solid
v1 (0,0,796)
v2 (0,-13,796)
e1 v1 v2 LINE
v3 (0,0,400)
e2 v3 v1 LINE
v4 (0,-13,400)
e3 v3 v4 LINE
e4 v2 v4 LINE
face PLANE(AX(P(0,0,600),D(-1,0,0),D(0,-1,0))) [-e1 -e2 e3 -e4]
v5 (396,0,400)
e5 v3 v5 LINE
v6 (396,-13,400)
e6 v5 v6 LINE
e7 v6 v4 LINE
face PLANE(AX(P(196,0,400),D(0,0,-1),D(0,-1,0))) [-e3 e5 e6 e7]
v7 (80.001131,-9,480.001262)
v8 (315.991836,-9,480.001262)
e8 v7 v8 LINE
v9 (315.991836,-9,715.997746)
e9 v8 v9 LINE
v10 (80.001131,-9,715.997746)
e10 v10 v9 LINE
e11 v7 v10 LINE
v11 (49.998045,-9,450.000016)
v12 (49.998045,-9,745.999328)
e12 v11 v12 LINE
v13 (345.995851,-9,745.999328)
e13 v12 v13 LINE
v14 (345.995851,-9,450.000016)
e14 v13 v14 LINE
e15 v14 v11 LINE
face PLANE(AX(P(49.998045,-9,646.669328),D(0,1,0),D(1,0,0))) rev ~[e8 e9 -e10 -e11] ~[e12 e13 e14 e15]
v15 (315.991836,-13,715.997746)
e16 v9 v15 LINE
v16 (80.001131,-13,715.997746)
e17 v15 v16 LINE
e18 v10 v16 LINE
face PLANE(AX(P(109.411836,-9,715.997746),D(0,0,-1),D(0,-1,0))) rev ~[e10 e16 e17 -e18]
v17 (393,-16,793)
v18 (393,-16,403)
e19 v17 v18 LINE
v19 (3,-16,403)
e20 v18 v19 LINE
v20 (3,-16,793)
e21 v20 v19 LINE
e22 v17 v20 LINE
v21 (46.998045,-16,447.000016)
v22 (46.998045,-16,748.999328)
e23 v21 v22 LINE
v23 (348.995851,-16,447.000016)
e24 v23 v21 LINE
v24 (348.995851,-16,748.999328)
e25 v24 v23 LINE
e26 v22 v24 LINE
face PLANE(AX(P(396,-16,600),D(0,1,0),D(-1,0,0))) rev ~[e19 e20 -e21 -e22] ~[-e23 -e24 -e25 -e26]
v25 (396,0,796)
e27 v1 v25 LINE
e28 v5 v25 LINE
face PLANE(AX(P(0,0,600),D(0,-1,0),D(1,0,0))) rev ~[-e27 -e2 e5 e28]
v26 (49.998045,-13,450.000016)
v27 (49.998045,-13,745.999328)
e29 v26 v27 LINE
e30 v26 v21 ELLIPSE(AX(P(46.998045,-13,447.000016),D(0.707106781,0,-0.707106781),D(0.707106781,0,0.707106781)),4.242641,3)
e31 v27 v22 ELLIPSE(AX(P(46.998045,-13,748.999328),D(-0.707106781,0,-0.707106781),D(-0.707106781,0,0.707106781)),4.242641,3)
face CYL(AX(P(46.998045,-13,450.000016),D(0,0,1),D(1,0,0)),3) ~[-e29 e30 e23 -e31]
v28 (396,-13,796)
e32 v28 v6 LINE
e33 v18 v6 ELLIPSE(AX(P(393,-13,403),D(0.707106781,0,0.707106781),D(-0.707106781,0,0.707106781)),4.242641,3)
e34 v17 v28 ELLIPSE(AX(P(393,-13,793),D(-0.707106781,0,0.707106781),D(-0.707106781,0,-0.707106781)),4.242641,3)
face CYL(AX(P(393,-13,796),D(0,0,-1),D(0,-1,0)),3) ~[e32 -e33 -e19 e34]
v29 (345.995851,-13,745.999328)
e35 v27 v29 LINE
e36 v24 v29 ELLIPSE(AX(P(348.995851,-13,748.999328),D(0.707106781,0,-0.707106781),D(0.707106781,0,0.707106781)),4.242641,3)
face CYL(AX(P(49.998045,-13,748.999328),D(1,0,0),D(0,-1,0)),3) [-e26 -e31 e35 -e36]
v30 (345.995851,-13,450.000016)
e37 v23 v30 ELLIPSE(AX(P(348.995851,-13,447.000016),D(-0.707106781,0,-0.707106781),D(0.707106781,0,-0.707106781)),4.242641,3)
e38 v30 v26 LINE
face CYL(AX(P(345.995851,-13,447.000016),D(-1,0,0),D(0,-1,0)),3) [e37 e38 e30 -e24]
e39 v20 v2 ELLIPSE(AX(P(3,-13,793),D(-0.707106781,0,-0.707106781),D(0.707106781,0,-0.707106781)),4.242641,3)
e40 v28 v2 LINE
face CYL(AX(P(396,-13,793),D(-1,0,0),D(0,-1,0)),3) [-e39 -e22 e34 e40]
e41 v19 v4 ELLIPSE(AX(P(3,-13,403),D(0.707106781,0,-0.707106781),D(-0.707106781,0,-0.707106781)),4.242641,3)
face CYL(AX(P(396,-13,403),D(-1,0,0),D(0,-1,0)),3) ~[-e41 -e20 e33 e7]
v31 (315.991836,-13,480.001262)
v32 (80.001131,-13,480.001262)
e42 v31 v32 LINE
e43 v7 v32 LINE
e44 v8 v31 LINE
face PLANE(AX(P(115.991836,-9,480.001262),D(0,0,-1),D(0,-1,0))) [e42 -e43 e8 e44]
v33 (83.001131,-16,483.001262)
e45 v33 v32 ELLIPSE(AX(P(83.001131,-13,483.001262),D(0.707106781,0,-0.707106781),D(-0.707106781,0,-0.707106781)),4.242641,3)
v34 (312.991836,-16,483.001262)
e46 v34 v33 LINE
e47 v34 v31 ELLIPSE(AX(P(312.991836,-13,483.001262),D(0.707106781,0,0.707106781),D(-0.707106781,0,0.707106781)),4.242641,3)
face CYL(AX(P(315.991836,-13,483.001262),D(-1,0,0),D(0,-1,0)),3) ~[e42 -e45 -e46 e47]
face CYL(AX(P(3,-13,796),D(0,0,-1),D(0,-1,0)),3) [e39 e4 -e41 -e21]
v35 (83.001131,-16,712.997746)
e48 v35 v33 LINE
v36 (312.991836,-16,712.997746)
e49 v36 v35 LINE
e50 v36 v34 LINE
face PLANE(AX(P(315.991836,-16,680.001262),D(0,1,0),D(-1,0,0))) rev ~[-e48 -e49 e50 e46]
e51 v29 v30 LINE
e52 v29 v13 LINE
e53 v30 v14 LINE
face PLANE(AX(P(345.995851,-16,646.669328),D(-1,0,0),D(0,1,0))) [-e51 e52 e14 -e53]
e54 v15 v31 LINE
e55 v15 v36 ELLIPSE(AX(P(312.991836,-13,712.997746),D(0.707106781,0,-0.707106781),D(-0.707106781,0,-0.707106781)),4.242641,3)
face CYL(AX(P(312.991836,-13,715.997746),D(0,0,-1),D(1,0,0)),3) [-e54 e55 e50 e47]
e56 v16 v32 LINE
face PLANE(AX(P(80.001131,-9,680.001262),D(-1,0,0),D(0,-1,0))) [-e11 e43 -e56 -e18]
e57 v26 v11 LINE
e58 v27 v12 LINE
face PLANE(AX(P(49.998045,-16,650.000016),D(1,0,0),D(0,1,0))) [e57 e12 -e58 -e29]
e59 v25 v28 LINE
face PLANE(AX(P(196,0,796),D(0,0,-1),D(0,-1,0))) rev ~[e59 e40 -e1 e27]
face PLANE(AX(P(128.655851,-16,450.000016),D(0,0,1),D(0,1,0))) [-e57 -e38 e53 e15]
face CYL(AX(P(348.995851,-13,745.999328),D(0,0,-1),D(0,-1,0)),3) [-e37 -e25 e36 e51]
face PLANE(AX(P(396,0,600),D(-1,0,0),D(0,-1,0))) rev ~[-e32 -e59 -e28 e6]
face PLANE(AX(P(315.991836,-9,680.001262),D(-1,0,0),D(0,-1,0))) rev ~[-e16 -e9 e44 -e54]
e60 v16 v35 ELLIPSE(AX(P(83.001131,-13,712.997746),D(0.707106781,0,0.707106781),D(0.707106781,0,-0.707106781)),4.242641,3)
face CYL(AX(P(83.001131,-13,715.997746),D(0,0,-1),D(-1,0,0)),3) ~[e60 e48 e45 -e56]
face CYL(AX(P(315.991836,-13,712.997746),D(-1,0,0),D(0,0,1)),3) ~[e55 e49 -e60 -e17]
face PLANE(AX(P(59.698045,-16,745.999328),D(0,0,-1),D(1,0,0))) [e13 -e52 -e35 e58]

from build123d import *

# Parameters (mm, degrees)
F0_W      = 44.656470418
F0_H      = 33.8078811765
F1_DEPTH  = 16
F2_DEPTH  = 796
F3_DEPTH  = 196
F4_W      = 68.9578056335
F4_H      = 493.6993122101
F5_DEPTH  = 7
F6_DEPTH  = 9.7
F7_DEPTH  = 99.33
F8_DEPTH  = 99.33
F9_DEPTH  = 17.34
F10_DEPTH = 102.97
F11_W     = 35.2807044983
F11_H     = 492.0964837074
F12_DEPTH = 7
F13_DEPTH = 37.27
F14_DEPTH = 6.58
F15_DEPTH = 106.63
F16_DEPTH = 5.87
F17_DEPTH = 200
F18_DEPTH = 200
F19_DEPTH = 200
F20_DEPTH = 600
F21_DEPTH = 600
F22_DEPTH = 600
F23_DEPTH = 200
F24_DEPTH = 200
F25_DEPTH = 200
F26_R     = 3


with BuildPart() as f1:
    # F0 (on Front) → F1 (new body)
    with BuildSketch(Plane.XZ):
        with Locations((22.328235209, 16.9039405882)):
            Rectangle(F0_W, F0_H)
    extrude(amount=F1_DEPTH)

    # F2 (add): a face of the model
    f2_faces = [f1.faces().sort_by_distance(p)[0] for p in [
        (22.328235209, -8, 0),
    ]]
    extrude(f2_faces, amount=-F2_DEPTH)

    # F3 (add): a face of the model
    f3_faces = [f1.faces().sort_by_distance(p)[0] for p in [
        (0, -8, 398),
    ]]
    extrude(f3_faces, amount=-F3_DEPTH)

    # F4 (on face) → F5 (cut)
    with BuildSketch(Plane.XZ.offset(16)):
        with Locations((94.1769480705, 399.8196721077)):
            Rectangle(F4_W, F4_H)
    extrude(amount=-F5_DEPTH, mode=Mode.SUBTRACT)

    # F6 (cut): a face of the model
    f6_faces = [f1.faces().sort_by_distance(p)[0] for p in [
        (59.6980452538, -12.5, 399.8196721077),
    ]]
    extrude(f6_faces, amount=-F6_DEPTH, mode=Mode.SUBTRACT)

    # F7 (add): a face of the model
    f7_faces = [f1.faces().sort_by_distance(p)[0] for p in [
        (89.3269480705, -12.5, 646.6693282127),
    ]]
    extrude(f7_faces, amount=-F7_DEPTH)

    # F8 (cut): a face of the model
    f8_faces = [f1.faces().sort_by_distance(p)[0] for p in [
        (89.3269480705, -12.5, 646.6693282127),
    ]]
    extrude(f8_faces, amount=-F8_DEPTH, mode=Mode.SUBTRACT)

    # F9 (cut): a face of the model
    f9_faces = [f1.faces().sort_by_distance(p)[0] for p in [
        (128.6558508873, -12.5, 449.4846721077),
    ]]
    extrude(f9_faces, amount=-F9_DEPTH, mode=Mode.SUBTRACT)

    # F10 (cut): a face of the model
    f10_faces = [f1.faces().sort_by_distance(p)[0] for p in [
        (97.9969480705, -12.5, 152.9700160027),
    ]]
    extrude(f10_faces, amount=-F10_DEPTH, mode=Mode.SUBTRACT)

    # F11 (on face) → F12 (join)
    with BuildSketch(Plane.XZ.offset(9)):
        with Locations((91.7714834213, 432.6795041561)):
            Rectangle(F11_W, F11_H)
    extrude(amount=F12_DEPTH)

    # F13 (add): a face of the model
    f13_faces = [f1.faces().sort_by_distance(p)[0] for p in [
        (91.7714834213, -12.5, 678.7277460098),
    ]]
    extrude(f13_faces, amount=F13_DEPTH)

    # F14 (add): a face of the model
    f14_faces = [f1.faces().sort_by_distance(p)[0] for p in [
        (109.4118356705, -12.5, 451.3145041561),
    ]]
    extrude(f14_faces, amount=F14_DEPTH)

    # F15 (add): a face of the model
    f15_faces = [f1.faces().sort_by_distance(p)[0] for p in [
        (95.0614834213, -12.5, 186.6312623024),
    ]]
    extrude(f15_faces, amount=F15_DEPTH)

    # F16 (cut): a face of the model
    f16_faces = [f1.faces().sort_by_distance(p)[0] for p in [
        (74.1311311722, -12.5, 397.9995041561),
    ]]
    extrude(f16_faces, amount=-F16_DEPTH, mode=Mode.SUBTRACT)

    # F17 (add): a face of the model
    f17_faces = [f1.faces().sort_by_distance(p)[0] for p in [
        (196, -8, 398),
    ]]
    extrude(f17_faces, amount=F17_DEPTH)

    # F18 (cut): a face of the model
    f18_faces = [f1.faces().sort_by_distance(p)[0] for p in [
        (145.9958508873, -12.5, 397.9996721077),
    ]]
    extrude(f18_faces, amount=-F18_DEPTH, mode=Mode.SUBTRACT)

    # F19 (add): a face of the model
    f19_faces = [f1.faces().sort_by_distance(p)[0] for p in [
        (115.9918356705, -12.5, 397.9995041561),
    ]]
    extrude(f19_faces, amount=F19_DEPTH)

    # F20 (cut): a face of the model
    f20_faces = [f1.faces().sort_by_distance(p)[0] for p in [
        (197.9964834213, -12.5, 80.0012623024),
    ]]
    extrude(f20_faces, amount=-F20_DEPTH, mode=Mode.SUBTRACT)

    # F21 (add): a face of the model
    f21_faces = [f1.faces().sort_by_distance(p)[0] for p in [
        (197.9969480705, -12.5, 50.0000160027),
    ]]
    extrude(f21_faces, amount=F21_DEPTH)

    # F22 (cut): a face of the model
    f22_faces = [f1.faces().sort_by_distance(p)[0] for p in [
        (198, -8, 0),
    ]]
    extrude(f22_faces, amount=-F22_DEPTH, mode=Mode.SUBTRACT)

    # F23 (add): a face of the model
    f23_faces = [f1.faces().sort_by_distance(p)[0] for p in [
        (198, -8, 600),
    ]]
    extrude(f23_faces, amount=F23_DEPTH)

    # F24 (cut): a face of the model
    f24_faces = [f1.faces().sort_by_distance(p)[0] for p in [
        (197.9969480705, -12.5, 650.0000160027),
    ]]
    extrude(f24_faces, amount=-F24_DEPTH, mode=Mode.SUBTRACT)

    # F25 (add): a face of the model
    f25_faces = [f1.faces().sort_by_distance(p)[0] for p in [
        (197.9964834213, -12.5, 680.0012623024),
    ]]
    extrude(f25_faces, amount=F25_DEPTH)

    # F26
    f26_edges = [f1.edges().sort_by_distance(p)[0] for p in [
        (197.996483, -16, 480.001262),
        (80.001131, -16, 597.999504),
        (197.996483, -16, 715.997746),
        (315.991836, -16, 597.999504),
        (0, -16, 598),
        (198, -16, 400),
        (396, -16, 598),
        (198, -16, 796),
        (49.998045, -16, 597.999672),
        (197.996948, -16, 745.999328),
        (345.995851, -16, 597.999672),
        (197.996948, -16, 450.000016),
    ]]
    fillet(f26_edges, radius=F26_R)


solid = f1.part
